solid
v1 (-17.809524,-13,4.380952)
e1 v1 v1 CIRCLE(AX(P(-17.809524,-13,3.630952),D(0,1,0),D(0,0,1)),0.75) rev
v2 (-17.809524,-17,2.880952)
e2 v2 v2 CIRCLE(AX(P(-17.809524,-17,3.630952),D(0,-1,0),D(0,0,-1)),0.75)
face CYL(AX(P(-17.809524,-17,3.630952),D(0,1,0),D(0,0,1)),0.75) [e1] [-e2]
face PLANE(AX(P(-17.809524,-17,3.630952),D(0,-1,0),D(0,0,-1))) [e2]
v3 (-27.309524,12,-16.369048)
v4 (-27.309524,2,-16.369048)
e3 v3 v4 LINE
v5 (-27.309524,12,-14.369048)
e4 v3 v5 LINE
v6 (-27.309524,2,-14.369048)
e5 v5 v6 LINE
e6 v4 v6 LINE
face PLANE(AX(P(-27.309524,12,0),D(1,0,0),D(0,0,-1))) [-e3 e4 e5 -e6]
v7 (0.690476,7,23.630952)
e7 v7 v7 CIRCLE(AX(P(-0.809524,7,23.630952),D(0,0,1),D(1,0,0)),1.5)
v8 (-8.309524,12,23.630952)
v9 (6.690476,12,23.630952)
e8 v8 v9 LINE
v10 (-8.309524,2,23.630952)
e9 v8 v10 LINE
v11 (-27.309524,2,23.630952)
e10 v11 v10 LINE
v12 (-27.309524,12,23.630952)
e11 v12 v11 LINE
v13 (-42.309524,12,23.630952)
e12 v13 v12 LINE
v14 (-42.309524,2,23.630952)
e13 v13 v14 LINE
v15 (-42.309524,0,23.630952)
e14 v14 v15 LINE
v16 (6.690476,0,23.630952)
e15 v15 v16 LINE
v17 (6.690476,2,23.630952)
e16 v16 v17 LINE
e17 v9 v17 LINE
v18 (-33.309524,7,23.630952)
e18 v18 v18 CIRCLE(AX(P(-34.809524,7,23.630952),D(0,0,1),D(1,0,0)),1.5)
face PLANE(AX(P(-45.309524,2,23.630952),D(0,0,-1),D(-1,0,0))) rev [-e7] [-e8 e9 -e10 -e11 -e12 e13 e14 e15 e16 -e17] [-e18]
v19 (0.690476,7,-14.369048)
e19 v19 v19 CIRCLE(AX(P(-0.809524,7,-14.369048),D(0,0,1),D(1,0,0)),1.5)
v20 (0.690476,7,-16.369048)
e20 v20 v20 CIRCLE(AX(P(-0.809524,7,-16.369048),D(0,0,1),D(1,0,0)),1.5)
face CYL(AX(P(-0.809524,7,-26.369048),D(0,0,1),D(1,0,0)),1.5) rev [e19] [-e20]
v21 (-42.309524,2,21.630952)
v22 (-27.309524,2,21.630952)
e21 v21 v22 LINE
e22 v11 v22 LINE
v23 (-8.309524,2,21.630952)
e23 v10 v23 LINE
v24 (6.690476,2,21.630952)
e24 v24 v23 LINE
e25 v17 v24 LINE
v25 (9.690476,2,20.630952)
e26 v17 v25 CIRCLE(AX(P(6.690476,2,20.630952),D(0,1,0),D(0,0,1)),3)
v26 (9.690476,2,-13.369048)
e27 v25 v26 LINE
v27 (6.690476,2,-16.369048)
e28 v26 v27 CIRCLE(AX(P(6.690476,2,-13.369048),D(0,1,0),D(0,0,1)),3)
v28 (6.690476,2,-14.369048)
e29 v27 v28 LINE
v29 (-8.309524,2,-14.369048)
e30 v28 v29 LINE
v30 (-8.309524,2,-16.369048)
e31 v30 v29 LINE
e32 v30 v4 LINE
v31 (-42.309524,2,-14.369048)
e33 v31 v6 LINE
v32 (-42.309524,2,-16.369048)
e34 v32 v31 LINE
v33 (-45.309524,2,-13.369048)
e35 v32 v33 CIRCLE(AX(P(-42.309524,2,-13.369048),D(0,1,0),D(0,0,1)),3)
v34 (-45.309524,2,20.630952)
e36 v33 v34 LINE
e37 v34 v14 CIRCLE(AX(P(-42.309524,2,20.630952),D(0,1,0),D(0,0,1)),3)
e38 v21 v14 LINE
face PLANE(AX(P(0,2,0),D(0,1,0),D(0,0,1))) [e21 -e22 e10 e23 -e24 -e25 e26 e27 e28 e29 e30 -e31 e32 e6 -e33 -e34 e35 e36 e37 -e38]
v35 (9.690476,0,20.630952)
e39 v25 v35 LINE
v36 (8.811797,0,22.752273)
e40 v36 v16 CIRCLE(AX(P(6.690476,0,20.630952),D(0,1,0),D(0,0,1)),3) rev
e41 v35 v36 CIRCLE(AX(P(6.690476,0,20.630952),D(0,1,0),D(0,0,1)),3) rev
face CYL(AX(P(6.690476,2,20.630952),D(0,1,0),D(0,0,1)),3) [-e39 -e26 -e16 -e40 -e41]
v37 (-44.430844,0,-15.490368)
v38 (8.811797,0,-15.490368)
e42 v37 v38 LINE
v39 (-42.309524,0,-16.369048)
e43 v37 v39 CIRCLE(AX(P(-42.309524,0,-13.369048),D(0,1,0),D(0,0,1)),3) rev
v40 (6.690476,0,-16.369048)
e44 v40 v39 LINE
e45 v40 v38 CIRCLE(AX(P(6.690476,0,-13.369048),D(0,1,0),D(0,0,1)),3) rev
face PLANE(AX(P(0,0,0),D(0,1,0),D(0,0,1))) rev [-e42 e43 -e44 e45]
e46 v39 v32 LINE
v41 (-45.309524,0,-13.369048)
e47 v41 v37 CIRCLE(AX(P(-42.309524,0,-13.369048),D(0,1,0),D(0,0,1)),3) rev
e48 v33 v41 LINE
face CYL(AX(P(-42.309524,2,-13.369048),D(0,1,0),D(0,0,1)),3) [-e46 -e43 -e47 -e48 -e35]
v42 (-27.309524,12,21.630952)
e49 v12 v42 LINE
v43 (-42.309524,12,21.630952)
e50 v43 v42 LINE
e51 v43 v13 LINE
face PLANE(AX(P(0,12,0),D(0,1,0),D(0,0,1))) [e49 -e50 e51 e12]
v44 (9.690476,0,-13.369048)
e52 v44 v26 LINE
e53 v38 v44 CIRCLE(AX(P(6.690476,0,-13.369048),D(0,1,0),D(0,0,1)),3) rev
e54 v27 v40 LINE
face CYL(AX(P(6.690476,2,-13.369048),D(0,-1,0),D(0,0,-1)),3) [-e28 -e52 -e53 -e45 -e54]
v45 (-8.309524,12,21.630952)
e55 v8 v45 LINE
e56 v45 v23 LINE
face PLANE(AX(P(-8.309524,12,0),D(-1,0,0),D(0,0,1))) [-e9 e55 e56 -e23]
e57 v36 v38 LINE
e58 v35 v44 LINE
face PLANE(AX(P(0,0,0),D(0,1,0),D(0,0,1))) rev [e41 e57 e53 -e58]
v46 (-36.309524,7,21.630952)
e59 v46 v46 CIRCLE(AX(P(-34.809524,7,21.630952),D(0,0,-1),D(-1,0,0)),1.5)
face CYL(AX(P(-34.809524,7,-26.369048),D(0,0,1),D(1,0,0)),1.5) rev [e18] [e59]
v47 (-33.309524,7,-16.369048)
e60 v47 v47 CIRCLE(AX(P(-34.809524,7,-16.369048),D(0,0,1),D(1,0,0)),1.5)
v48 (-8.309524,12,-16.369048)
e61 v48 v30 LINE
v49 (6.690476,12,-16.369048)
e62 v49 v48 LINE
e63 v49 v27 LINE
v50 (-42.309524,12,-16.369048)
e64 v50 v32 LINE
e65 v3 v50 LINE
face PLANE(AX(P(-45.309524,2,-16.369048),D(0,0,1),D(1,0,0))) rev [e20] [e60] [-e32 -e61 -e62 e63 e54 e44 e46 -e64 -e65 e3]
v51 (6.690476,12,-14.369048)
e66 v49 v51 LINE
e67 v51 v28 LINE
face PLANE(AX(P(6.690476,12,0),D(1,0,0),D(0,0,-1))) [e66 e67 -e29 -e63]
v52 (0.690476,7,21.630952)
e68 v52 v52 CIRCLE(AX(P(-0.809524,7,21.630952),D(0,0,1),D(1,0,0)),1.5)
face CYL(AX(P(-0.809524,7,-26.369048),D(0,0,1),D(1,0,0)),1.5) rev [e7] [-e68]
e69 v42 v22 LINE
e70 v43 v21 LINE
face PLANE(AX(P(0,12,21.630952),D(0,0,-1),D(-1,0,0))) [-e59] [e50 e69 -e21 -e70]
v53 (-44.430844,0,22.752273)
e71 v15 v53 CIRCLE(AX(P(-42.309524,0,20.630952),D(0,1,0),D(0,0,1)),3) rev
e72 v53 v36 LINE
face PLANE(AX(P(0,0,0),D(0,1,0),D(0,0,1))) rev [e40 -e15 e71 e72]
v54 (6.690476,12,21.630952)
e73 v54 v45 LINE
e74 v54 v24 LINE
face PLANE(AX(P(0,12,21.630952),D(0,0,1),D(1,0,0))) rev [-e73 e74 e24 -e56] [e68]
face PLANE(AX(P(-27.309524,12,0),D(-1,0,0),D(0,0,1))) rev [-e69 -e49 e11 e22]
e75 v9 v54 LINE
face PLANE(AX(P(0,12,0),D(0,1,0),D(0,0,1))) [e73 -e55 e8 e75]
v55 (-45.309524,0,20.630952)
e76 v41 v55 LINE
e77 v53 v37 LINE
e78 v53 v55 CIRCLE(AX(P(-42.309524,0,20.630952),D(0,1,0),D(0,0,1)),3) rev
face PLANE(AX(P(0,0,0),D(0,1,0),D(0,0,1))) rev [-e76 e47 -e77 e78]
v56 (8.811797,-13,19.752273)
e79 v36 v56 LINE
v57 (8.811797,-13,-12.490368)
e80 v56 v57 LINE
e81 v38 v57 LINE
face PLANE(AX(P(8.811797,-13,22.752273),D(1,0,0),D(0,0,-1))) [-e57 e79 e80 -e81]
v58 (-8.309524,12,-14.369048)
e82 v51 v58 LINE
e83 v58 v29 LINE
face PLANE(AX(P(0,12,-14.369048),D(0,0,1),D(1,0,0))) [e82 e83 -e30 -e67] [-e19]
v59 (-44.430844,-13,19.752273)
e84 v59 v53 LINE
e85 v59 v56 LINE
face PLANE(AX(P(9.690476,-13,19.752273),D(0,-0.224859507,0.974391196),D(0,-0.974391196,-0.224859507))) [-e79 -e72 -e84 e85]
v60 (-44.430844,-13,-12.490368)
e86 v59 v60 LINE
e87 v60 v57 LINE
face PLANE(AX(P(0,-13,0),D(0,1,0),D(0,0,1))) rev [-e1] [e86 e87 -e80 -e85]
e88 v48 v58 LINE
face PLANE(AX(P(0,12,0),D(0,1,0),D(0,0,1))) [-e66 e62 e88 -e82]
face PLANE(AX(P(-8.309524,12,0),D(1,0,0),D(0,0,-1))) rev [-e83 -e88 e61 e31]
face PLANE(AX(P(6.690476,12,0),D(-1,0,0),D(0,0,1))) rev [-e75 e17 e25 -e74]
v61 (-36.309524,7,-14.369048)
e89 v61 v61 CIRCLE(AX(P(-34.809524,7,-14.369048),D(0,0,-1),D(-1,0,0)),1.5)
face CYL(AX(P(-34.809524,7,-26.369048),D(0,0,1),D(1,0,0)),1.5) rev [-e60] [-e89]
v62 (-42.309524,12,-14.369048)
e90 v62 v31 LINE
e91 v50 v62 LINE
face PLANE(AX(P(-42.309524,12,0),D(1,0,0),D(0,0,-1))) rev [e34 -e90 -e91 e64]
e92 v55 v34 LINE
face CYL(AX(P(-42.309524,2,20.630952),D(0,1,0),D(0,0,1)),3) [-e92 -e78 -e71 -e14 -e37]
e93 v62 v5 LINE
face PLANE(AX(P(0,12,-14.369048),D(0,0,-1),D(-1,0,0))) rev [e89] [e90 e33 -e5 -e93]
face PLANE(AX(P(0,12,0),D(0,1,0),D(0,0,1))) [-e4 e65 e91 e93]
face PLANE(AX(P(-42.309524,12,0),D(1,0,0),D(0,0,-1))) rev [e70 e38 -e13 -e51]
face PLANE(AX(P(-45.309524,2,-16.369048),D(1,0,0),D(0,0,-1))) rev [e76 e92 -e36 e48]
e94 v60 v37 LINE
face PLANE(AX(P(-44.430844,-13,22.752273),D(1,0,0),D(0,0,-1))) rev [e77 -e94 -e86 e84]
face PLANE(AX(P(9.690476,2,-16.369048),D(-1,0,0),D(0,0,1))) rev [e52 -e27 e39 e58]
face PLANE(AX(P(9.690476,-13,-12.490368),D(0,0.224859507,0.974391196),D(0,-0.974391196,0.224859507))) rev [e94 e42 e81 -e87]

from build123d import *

# Parameters (mm, degrees)
SKETCH1_W           = 55
SKETCH1_H           = 40
BOSS_EXTRUDE1_DEPTH = 2
SKETCH3_W           = 15
SKETCH3_H           = 2
BOSS_EXTRUDE2_DEPTH = 10
FILLET1_R           = 3
FILLET2_R           = 3
FILLET3_R           = 3
FILLET4_R           = 3
SKETCH4_R           = 1.5
CUT_EXTRUDE1_DEPTH  = 50
SKETCH5_W           = 53.242640687
SKETCH5_H           = 38.242640688
BOSS_EXTRUDE3_DEPTH = 13
CUT_EXTRUDE2_DEPTH  = 61.469324671
SKETCH7_R           = 0.75
BOSS_EXTRUDE4_DEPTH = 4


with BuildPart() as part:
    # Sketch1 → Boss-Extrude1 (new body)
    with BuildSketch(Plane(origin=(0, 0, 0), x_dir=(1, 0, 0), z_dir=(0, 1, 0))):
        with Locations((-17.80952381, -3.630952381)):
            Rectangle(SKETCH1_W, SKETCH1_H)
    extrude(amount=BOSS_EXTRUDE1_DEPTH)

    # Sketch3 → Boss-Extrude2 (add)
    with BuildSketch(Plane(origin=(0, 2, 0), x_dir=(1, 0, 0), z_dir=(0, 1, 0))):
        with Locations((-34.80952381, 15.369047619)):
            Rectangle(SKETCH3_W, SKETCH3_H)
        with Locations((-34.80952381, -22.630952381)):
            Rectangle(SKETCH3_W, SKETCH3_H)
        with Locations((-0.80952381, -22.630952381)):
            Rectangle(SKETCH3_W, SKETCH3_H)
        with Locations((-0.80952381, 15.369047619)):
            Rectangle(SKETCH3_W, SKETCH3_H)
    extrude(amount=BOSS_EXTRUDE2_DEPTH)

    # Fillet1
    fillet1_edges = [part.edges().sort_by_distance(p)[0] for p in [
        (-45.30952381, 1, -16.369047619),
    ]]
    fillet(fillet1_edges, radius=FILLET1_R)

    # Fillet2
    fillet2_edges = [part.edges().sort_by_distance(p)[0] for p in [
        (-45.30952381, 1, 23.630952381),
    ]]
    fillet(fillet2_edges, radius=FILLET2_R)

    # Fillet3
    fillet3_edges = [part.edges().sort_by_distance(p)[0] for p in [
        (9.69047619, 1, -16.369047619),
    ]]
    fillet(fillet3_edges, radius=FILLET3_R)

    # Fillet4
    fillet4_edges = [part.edges().sort_by_distance(p)[0] for p in [
        (9.69047619, 1, 23.630952381),
    ]]
    fillet(fillet4_edges, radius=FILLET4_R)

    # Sketch4 → Cut-Extrude1 (cut)
    with BuildSketch(Plane.XY.offset(23.630952381)):
        with Locations((-0.80952381, 7)):
            Circle(SKETCH4_R)
        with Locations((-34.80952381, 7)):
            Circle(SKETCH4_R)
    extrude(amount=-CUT_EXTRUDE1_DEPTH, mode=Mode.SUBTRACT)

    # Sketch5 → Boss-Extrude3 (add)
    with BuildSketch(Plane.XZ):
        with Locations((-17.809523809, 3.630952381)):
            Rectangle(SKETCH5_W, SKETCH5_H)
    extrude(amount=BOSS_EXTRUDE3_DEPTH)

    # Sketch6 → Cut-Extrude2 (cut, through all)
    with BuildSketch(Plane.ZY.offset(44.430844153)):
        Polygon((-15.490367963, -13), (-12.490367963, -13), (-15.490367963, 0), align=None)
        Polygon((19.752272725, -13), (22.752272725, 0), (22.752272725, -13), align=None)
    extrude(amount=-CUT_EXTRUDE2_DEPTH, mode=Mode.SUBTRACT)

    # Sketch7 → Boss-Extrude4 (add)
    with BuildSketch(Plane.XZ.offset(13)):
        with Locations(Location((-17.80952381, 3.630952381, 0), (0, 0, 90))):
            Circle(SKETCH7_R)
    extrude(amount=BOSS_EXTRUDE4_DEPTH)


solid = part.part
